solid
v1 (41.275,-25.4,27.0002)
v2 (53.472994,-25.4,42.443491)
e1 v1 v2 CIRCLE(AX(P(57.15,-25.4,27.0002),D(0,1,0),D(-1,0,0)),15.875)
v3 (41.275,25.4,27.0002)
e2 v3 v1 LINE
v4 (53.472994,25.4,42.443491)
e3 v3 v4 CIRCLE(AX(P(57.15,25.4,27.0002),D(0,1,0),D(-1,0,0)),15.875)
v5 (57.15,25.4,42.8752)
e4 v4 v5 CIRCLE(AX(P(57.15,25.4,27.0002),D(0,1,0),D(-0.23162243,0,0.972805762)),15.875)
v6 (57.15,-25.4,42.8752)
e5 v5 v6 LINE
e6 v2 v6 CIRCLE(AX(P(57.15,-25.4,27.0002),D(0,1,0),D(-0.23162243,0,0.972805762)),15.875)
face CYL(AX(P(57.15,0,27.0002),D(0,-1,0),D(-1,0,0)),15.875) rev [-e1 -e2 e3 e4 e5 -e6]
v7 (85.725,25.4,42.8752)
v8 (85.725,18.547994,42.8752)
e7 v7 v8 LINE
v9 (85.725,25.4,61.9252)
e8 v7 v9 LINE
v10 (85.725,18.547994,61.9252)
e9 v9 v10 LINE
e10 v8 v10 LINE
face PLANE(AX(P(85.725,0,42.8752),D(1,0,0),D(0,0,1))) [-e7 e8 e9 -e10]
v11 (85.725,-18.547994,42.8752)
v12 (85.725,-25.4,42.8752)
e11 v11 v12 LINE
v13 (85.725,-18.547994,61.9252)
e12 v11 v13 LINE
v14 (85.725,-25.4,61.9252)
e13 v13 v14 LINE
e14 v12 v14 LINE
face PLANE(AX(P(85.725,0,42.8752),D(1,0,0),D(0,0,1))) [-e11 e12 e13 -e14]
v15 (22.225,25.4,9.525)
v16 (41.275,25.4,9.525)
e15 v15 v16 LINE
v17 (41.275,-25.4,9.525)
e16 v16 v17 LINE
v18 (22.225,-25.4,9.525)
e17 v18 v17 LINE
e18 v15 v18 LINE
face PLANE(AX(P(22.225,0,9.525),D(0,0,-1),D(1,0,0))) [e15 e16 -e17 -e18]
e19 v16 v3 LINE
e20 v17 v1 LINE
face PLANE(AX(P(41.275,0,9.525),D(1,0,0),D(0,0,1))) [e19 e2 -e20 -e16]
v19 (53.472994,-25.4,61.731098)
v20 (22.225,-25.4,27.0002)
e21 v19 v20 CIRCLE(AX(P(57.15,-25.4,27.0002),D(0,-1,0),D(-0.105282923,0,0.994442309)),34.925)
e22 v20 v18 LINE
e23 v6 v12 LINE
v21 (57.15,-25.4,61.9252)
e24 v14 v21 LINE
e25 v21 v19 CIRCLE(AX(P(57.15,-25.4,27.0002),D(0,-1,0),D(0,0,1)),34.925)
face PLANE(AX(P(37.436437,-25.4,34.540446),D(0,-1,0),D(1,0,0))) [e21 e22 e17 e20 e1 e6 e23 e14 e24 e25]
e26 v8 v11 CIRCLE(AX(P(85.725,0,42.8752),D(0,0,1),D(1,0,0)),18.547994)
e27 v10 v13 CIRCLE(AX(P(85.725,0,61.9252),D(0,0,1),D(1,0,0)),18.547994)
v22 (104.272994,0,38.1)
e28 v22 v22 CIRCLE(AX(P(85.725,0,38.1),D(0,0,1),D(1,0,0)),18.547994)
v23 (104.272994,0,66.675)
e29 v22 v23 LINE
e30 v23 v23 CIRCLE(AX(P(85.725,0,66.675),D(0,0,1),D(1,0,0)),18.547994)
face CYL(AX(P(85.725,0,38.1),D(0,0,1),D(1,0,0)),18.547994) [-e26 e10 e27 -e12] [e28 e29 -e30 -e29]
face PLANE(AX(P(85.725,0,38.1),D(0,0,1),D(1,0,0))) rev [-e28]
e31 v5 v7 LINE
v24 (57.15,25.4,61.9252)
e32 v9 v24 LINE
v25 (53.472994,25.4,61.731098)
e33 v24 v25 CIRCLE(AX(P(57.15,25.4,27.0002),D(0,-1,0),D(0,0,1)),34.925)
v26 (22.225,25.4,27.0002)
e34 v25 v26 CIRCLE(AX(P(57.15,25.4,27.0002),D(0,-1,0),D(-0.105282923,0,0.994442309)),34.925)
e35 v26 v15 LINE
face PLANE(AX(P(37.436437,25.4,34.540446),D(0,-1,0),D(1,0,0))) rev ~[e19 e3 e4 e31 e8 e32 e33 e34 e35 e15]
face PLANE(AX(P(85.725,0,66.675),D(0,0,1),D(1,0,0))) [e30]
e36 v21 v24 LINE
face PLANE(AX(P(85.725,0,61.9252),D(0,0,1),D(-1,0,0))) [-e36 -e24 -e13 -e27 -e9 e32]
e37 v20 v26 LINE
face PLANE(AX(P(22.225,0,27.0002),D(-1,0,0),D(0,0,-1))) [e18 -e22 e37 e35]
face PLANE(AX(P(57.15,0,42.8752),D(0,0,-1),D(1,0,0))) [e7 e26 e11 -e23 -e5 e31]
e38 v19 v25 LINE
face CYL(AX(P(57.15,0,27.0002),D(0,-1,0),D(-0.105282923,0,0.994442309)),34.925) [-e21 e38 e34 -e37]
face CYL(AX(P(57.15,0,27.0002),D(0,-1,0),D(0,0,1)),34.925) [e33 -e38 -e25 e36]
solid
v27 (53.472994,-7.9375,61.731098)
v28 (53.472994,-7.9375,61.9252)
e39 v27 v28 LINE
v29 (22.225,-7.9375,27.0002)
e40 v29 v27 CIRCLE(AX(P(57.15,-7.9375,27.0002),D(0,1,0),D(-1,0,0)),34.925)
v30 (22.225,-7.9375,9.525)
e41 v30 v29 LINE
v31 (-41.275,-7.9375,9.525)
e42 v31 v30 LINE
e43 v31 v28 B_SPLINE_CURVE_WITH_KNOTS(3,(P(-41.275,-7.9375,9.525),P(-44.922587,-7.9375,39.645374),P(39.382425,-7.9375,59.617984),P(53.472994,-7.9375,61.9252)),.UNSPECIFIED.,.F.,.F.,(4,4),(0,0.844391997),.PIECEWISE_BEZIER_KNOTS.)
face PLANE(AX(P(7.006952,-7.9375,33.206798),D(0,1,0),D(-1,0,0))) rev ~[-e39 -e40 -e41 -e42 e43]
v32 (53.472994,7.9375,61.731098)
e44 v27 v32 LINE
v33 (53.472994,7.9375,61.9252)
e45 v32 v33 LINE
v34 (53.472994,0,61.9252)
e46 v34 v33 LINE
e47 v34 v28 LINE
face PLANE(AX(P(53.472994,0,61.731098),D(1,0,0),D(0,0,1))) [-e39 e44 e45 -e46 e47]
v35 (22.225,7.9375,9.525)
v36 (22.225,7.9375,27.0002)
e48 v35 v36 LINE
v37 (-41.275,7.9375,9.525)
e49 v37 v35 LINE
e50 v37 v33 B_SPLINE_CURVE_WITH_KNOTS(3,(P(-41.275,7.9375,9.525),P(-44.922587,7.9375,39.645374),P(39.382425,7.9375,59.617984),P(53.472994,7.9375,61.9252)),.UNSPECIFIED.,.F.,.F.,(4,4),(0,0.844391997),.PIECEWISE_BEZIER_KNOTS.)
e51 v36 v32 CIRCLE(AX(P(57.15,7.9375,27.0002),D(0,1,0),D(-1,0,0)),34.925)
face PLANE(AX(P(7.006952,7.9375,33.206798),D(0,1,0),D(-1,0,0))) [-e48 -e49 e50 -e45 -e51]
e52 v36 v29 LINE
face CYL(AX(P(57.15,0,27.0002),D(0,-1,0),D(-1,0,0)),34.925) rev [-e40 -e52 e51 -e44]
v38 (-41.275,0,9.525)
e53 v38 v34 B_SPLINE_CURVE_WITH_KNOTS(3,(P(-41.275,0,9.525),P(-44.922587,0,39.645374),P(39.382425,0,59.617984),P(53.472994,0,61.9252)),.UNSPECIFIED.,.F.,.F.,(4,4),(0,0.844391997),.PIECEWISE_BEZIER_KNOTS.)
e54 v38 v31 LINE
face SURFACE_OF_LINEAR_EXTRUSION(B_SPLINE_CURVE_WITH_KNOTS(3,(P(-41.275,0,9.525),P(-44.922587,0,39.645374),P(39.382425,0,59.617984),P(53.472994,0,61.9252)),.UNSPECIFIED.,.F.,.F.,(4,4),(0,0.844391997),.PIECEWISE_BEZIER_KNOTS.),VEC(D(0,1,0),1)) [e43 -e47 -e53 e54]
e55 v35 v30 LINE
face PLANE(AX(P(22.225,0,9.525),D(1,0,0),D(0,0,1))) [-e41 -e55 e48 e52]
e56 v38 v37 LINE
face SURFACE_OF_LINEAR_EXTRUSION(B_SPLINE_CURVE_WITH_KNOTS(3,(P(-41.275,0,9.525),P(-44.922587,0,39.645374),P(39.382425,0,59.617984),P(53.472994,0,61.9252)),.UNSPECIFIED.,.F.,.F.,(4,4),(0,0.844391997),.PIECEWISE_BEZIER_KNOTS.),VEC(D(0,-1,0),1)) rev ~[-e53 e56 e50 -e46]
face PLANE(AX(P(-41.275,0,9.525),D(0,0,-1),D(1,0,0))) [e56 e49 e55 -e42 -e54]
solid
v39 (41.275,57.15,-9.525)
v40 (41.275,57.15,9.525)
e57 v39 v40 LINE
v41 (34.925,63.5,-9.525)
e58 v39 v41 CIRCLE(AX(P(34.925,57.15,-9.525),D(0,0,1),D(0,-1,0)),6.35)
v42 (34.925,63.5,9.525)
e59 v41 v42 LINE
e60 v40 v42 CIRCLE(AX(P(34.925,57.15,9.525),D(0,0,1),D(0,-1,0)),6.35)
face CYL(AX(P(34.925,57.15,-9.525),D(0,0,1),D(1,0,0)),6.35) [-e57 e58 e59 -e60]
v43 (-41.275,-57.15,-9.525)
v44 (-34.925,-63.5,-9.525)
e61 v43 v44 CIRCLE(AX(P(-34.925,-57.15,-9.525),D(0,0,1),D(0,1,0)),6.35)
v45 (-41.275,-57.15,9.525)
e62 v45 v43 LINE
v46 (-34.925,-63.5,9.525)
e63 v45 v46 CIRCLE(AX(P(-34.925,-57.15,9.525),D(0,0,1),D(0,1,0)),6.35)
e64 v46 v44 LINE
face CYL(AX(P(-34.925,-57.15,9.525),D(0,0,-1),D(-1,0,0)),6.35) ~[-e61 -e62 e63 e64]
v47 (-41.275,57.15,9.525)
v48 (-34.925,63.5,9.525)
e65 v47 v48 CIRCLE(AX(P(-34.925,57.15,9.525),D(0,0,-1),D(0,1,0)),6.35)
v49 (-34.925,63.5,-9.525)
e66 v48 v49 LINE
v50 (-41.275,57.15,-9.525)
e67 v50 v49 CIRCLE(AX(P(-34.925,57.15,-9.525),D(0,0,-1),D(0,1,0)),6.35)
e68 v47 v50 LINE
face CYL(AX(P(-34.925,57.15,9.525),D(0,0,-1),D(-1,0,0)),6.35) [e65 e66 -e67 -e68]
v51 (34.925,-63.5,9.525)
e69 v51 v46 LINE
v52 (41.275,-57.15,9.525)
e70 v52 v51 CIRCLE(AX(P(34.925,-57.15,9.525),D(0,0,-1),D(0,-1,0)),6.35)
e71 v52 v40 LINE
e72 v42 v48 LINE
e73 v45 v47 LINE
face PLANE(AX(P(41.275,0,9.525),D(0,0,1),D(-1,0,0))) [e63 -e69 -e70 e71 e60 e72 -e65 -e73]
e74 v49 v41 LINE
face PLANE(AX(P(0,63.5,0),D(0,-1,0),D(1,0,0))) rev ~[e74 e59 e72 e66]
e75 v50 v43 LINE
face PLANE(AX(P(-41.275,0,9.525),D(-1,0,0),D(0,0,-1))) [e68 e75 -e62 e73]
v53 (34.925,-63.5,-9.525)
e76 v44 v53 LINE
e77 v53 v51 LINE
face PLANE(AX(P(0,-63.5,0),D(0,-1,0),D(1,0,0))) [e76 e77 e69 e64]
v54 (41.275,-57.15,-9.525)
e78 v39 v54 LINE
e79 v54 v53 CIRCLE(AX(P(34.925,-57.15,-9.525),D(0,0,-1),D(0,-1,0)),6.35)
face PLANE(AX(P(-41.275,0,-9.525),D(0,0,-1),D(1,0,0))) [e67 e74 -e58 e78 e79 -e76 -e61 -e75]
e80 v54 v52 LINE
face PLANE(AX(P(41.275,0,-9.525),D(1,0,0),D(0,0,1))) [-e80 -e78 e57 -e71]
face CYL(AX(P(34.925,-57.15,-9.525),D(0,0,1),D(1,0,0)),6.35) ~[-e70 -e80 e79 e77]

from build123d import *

# Parameters (mm, degrees)
F1_DEPTH = 63.5
F2_DEPTH = 25.4
F3_DEPTH = 7.9375
F5_R     = 6.35


with BuildPart() as f1:
    # F0 (on Front) → F1 (new body, symmetric)
    with BuildSketch(Plane.XZ):
        Polygon((22.225, 9.525), (-41.275, 9.525), (-41.275, -9.525), (41.275, -9.525), (41.275, 9.525), align=None)
    extrude(amount=F1_DEPTH, both=True)

    # F5
    f5_edges = [f1.edges().sort_by_distance(p)[0] for p in [
        (-41.275, -63.5, 0),
        (41.275, -63.5, 0),
        (41.275, 63.5, 0),
        (-41.275, 63.5, 0),
    ]]
    fillet(f5_edges, radius=F5_R)


with BuildPart() as f2:
    # F0 (on Front) → F2 (new body, symmetric)
    with BuildSketch(Plane.XZ):
        with BuildLine():
            Line((22.225, 27.0002), (22.225, 9.525))
            Line((22.225, 9.525), (41.275, 9.525))
            Line((41.275, 9.525), (41.275, 27.0002))
            ThreePointArc((41.275, 27.0002), (44.6923096771, 36.839995568), (53.4729939301, 42.4434914679))
            Line((53.4729939301, 42.4434914679), (53.4729939301, 61.7310976469))
            ThreePointArc((53.4729939301, 61.7310976469), (31.1868042992, 50.3597396788), (22.225, 27.0002))
        make_face()
        with BuildLine():
            ThreePointArc((57.15, 61.9252), (55.308937171, 61.8766406535), (53.4729939301, 61.7310976469))
            Line((53.4729939301, 61.7310976469), (53.4729939301, 42.4434914679))
            ThreePointArc((53.4729939301, 42.4434914679), (55.2988688664, 42.7669034768), (57.15, 42.8752))
            Line((57.15, 42.8752), (85.725, 42.8752))
            Line((85.725, 42.8752), (85.725, 61.9252))
            Line((85.725, 61.9252), (57.15, 61.9252))
        make_face()
    extrude(amount=F2_DEPTH, both=True)

    # F0 (on Front) → F4 (revolve)
    with BuildSketch(Plane.XZ):
        Polygon((104.2729939301, 66.675), (85.725, 66.675), (85.725, 61.9252), (85.725, 42.8752), (85.725, 38.1), (104.2729939301, 38.1), align=None)
    revolve(axis=Axis((85.725, 0, 52.4002), (0, 0, 1)))


with BuildPart() as f3:
    # F0 (on Front) → F3 (new body, symmetric)
    with BuildSketch(Plane.XZ):
        with BuildLine():
            add(Edge.make_bspline(
                [(-41.275, 9.525), (-44.9225865304, 39.6453738213), (39.3824249662, 59.6179837101), (53.4729939301, 61.9252)],
                knots=[0, 0, 0, 0, 0.8443919966, 0.8443919966, 0.8443919966, 0.8443919966], degree=3))
            Line((-41.275, 9.525), (22.225, 9.525))
            Line((22.225, 9.525), (22.225, 27.0002))
            ThreePointArc((22.225, 27.0002), (31.1868042992, 50.3597396788), (53.4729939301, 61.7310976469))
            Line((53.4729939301, 61.7310976469), (53.4729939301, 61.9252))
        make_face()
    extrude(amount=F3_DEPTH, both=True)


solid = Compound([f1.part, f2.part, f3.part])
